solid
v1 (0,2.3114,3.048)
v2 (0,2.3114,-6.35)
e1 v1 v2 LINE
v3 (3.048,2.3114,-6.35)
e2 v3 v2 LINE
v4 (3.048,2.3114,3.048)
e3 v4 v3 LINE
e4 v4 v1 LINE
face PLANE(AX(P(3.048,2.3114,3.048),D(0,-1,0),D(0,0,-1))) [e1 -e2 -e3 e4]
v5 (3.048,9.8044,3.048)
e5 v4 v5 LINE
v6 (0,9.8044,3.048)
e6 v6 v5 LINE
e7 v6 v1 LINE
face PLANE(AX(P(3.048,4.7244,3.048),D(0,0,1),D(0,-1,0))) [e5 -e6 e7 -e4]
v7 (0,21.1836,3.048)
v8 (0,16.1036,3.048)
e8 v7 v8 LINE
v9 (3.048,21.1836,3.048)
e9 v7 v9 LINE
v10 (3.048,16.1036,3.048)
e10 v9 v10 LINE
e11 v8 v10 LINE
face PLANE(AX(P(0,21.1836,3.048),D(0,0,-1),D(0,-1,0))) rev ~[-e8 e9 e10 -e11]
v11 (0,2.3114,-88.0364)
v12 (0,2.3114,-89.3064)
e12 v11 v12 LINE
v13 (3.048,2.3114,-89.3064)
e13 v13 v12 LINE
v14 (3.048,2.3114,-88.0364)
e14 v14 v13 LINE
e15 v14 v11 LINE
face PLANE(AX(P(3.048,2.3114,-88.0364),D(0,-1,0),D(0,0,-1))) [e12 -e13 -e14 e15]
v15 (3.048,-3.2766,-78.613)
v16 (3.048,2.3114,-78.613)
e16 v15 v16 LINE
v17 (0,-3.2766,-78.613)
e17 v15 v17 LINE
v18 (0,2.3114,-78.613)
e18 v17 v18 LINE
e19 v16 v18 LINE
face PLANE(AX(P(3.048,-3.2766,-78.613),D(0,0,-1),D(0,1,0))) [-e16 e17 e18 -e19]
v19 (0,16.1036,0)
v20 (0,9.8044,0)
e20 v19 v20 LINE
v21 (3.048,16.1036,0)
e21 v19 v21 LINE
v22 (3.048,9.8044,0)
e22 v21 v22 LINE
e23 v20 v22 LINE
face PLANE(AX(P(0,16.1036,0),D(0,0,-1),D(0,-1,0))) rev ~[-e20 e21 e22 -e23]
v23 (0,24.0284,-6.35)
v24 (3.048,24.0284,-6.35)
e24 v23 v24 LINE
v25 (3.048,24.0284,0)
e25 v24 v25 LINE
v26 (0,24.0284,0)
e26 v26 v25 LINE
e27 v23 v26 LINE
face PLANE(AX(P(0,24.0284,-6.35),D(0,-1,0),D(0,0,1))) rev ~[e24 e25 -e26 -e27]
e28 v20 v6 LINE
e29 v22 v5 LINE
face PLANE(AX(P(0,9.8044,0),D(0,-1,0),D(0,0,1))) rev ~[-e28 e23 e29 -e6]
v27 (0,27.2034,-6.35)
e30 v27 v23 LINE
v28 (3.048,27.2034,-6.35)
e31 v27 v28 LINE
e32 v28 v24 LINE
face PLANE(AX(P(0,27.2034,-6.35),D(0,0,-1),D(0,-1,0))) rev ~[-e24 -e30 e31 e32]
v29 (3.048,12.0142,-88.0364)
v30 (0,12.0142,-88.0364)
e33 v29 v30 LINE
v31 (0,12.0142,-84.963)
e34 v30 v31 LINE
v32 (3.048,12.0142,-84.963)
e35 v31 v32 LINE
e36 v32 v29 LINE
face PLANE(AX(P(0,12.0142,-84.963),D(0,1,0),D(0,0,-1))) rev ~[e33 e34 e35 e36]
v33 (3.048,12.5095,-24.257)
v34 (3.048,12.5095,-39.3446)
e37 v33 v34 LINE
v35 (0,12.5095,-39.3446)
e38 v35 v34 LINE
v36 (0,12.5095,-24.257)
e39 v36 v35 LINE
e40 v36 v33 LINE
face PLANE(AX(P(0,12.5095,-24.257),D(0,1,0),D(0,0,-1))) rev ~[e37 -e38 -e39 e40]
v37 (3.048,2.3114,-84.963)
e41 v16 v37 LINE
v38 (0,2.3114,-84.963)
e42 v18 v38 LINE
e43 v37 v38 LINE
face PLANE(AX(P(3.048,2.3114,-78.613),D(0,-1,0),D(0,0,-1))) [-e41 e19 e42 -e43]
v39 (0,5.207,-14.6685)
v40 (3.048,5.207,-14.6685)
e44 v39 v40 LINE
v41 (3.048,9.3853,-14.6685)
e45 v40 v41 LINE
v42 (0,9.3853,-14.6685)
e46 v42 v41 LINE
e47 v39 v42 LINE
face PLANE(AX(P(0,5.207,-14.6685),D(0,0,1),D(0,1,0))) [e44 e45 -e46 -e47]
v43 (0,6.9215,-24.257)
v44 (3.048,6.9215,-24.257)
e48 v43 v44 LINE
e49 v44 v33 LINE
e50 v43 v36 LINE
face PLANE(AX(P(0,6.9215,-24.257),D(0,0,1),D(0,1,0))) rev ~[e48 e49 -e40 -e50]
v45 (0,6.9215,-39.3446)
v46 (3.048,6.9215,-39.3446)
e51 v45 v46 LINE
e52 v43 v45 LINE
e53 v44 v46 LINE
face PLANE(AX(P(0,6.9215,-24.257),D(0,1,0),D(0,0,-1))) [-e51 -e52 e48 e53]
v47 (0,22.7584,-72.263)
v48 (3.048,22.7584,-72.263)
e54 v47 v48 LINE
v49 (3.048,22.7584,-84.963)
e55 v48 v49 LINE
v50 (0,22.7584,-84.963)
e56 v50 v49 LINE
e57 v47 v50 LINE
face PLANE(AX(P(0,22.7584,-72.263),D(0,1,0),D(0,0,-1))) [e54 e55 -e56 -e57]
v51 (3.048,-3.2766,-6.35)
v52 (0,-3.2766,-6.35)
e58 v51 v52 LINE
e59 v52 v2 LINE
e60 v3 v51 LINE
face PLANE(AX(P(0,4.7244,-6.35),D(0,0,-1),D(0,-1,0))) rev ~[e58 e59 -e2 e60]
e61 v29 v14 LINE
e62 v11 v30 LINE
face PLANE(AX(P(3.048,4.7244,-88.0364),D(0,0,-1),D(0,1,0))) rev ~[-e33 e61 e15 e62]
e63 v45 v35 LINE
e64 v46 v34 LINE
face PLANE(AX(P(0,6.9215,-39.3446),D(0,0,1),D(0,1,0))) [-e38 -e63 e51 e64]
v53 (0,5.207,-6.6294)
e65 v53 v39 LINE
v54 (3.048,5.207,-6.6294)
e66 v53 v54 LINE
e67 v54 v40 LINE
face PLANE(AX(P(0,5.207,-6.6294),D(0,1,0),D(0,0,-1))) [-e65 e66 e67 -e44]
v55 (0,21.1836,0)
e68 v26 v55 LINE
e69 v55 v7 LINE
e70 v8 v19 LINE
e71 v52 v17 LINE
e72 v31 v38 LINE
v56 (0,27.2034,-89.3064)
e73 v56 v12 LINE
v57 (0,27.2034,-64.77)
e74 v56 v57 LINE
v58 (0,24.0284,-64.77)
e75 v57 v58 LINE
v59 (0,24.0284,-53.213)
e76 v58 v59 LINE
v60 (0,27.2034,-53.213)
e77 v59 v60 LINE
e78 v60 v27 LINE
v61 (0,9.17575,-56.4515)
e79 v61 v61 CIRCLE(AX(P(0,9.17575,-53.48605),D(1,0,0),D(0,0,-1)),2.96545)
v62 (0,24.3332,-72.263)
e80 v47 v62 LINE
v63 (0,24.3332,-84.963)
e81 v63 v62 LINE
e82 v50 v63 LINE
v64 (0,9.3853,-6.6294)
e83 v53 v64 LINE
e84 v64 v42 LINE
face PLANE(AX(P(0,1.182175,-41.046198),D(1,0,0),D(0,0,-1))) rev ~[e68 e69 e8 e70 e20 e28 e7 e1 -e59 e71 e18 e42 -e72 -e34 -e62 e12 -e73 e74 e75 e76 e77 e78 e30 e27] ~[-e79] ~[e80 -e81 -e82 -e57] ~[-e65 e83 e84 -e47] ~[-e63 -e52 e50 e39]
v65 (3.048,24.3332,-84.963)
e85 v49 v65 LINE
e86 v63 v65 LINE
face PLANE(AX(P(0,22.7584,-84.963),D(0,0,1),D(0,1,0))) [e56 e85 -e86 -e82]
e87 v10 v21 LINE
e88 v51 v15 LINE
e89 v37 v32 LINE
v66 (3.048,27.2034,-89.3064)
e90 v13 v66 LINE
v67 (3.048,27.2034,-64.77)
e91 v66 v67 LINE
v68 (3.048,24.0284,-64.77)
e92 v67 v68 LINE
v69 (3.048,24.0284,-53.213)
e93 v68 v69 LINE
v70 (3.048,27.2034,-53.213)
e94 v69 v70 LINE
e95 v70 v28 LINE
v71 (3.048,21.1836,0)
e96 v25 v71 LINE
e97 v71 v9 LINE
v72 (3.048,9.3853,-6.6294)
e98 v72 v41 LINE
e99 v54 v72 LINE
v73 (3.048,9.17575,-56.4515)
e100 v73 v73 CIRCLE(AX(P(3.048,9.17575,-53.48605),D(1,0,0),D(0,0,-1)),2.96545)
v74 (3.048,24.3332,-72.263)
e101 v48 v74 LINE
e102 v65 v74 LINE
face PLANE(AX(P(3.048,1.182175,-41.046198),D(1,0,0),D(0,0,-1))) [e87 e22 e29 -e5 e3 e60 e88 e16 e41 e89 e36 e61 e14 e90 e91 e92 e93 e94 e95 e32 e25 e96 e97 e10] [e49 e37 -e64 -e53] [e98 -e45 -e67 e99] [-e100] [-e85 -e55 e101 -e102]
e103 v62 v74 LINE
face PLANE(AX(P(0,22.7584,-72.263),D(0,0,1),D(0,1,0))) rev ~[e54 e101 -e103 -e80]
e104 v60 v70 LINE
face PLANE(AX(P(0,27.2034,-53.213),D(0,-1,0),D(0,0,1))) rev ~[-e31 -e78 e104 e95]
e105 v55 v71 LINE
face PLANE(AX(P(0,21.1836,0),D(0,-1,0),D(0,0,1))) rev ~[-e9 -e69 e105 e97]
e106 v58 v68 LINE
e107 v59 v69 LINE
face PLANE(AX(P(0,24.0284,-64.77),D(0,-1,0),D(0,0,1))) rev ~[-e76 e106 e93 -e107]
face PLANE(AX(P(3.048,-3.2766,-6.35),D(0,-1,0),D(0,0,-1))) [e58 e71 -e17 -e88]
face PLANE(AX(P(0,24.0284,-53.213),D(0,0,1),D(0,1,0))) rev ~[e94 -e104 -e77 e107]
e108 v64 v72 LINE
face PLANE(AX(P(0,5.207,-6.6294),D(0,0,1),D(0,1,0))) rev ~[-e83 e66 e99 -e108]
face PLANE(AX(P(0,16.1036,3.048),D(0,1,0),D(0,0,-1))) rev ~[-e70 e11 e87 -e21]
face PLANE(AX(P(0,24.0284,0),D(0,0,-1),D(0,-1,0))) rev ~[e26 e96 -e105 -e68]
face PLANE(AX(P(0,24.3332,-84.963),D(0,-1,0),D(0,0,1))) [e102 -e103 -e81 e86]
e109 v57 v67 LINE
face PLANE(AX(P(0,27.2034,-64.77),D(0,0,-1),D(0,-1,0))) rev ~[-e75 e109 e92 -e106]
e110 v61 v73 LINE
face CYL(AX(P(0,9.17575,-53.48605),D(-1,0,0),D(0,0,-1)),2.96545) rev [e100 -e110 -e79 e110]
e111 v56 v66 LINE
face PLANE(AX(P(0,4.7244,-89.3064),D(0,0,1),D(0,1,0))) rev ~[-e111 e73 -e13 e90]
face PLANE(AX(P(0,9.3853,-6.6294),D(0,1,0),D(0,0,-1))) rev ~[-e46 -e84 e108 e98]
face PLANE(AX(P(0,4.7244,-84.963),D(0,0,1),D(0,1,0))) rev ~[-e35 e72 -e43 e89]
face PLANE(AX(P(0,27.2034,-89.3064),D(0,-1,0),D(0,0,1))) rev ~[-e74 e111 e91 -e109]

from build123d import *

# Parameters (mm, degrees)
SKETCH2_W                    = 12.7
SKETCH2_H                    = 1.8034
SKETCH2_W_2                  = 8.0391
SKETCH2_H_2                  = 4.1783
SKETCH2_W_3                  = 15.0876
SKETCH2_H_3                  = 5.588
SKETCH2_R                    = 2.96545
BOSS_EXTRUDE1_DEPTH          = 3.048
SKETCH3_W                    = 12.7
SKETCH3_H                    = 0.2286
MADE_HOOD_SLOT_SMALLER_DEPTH = 3.048
SKETCH5_W                    = 3.0734
SKETCH5_H                    = 7.2898
CUT_EXTRUDE1_DEPTH           = 4.048
SKETCH7_W                    = 1.27
SKETCH7_H                    = 2.413
BOSS_EXTRUDE2_DEPTH          = 3.048


with BuildPart() as part:
    # Sketch2 → Boss-Extrude1 (new body)
    with BuildSketch(Plane(origin=(0, 0, 0), x_dir=(0, 0, -1), z_dir=(1, 0, 0))):
        Polygon((6.35, 24.0284), (0, 24.0284), (0, 21.1836), (-3.048, 21.1836), (-3.048, 16.1036), (0, 16.1036), (0, 9.8044), (-3.048, 9.8044), (-3.048, 4.7244), (6.35, 4.7244), (6.35, 1.5494), (46.863, 1.5494), (46.863, 4.7244), (84.963, 4.7244), (84.963, 12.0142), (86.7664, 12.0142), (86.7664, 4.7244), (89.3064, 4.7244), (89.3064, 27.2034), (64.77, 27.2034), (64.77, 24.0284), (53.213, 24.0284), (53.213, 27.2034), (6.35, 27.2034), align=None)
        with Locations((78.613, 23.6601)):
            Rectangle(SKETCH2_W, SKETCH2_H, mode=Mode.SUBTRACT)
        with Locations((10.64895, 7.29615)):
            Rectangle(SKETCH2_W_2, SKETCH2_H_2, mode=Mode.SUBTRACT)
        with Locations((31.8008, 9.7155)):
            Rectangle(SKETCH2_W_3, SKETCH2_H_3, mode=Mode.SUBTRACT)
        with Locations((53.48605, 9.17575)):
            Circle(SKETCH2_R, mode=Mode.SUBTRACT)
    extrude(amount=BOSS_EXTRUDE1_DEPTH)

    # Sketch3 → made hood slot smaller (add)
    with BuildSketch(Plane.ZY):
        with Locations((-78.613, 24.4475)):
            Rectangle(SKETCH3_W, SKETCH3_H)
    extrude(amount=-MADE_HOOD_SLOT_SMALLER_DEPTH)

    # Sketch5 → Cut-Extrude1 (cut, through all)
    with BuildSketch(Plane(origin=(3.048, 0, 0), x_dir=(0, 0, -1), z_dir=(1, 0, 0))):
        with Locations((86.4997, 8.3693)):
            Rectangle(SKETCH5_W, SKETCH5_H)
    extrude(amount=-CUT_EXTRUDE1_DEPTH, mode=Mode.SUBTRACT)

    # Sketch7 → Boss-Extrude2 (add)
    with BuildSketch(Plane(origin=(3.048, 0, 0), x_dir=(0, 0, -1), z_dir=(1, 0, 0))):
        Polygon((-3.048, 4.7244), (-3.048, 2.3114), (6.35, 2.3114), (6.35, -3.2766), (78.613, -3.2766), (78.613, 2.3114), (84.963, 2.3114), (84.963, 4.7244), align=None)
        with Locations((88.6714, 3.5179)):
            Rectangle(SKETCH7_W, SKETCH7_H)
    extrude(amount=-BOSS_EXTRUDE2_DEPTH)


solid = part.part
